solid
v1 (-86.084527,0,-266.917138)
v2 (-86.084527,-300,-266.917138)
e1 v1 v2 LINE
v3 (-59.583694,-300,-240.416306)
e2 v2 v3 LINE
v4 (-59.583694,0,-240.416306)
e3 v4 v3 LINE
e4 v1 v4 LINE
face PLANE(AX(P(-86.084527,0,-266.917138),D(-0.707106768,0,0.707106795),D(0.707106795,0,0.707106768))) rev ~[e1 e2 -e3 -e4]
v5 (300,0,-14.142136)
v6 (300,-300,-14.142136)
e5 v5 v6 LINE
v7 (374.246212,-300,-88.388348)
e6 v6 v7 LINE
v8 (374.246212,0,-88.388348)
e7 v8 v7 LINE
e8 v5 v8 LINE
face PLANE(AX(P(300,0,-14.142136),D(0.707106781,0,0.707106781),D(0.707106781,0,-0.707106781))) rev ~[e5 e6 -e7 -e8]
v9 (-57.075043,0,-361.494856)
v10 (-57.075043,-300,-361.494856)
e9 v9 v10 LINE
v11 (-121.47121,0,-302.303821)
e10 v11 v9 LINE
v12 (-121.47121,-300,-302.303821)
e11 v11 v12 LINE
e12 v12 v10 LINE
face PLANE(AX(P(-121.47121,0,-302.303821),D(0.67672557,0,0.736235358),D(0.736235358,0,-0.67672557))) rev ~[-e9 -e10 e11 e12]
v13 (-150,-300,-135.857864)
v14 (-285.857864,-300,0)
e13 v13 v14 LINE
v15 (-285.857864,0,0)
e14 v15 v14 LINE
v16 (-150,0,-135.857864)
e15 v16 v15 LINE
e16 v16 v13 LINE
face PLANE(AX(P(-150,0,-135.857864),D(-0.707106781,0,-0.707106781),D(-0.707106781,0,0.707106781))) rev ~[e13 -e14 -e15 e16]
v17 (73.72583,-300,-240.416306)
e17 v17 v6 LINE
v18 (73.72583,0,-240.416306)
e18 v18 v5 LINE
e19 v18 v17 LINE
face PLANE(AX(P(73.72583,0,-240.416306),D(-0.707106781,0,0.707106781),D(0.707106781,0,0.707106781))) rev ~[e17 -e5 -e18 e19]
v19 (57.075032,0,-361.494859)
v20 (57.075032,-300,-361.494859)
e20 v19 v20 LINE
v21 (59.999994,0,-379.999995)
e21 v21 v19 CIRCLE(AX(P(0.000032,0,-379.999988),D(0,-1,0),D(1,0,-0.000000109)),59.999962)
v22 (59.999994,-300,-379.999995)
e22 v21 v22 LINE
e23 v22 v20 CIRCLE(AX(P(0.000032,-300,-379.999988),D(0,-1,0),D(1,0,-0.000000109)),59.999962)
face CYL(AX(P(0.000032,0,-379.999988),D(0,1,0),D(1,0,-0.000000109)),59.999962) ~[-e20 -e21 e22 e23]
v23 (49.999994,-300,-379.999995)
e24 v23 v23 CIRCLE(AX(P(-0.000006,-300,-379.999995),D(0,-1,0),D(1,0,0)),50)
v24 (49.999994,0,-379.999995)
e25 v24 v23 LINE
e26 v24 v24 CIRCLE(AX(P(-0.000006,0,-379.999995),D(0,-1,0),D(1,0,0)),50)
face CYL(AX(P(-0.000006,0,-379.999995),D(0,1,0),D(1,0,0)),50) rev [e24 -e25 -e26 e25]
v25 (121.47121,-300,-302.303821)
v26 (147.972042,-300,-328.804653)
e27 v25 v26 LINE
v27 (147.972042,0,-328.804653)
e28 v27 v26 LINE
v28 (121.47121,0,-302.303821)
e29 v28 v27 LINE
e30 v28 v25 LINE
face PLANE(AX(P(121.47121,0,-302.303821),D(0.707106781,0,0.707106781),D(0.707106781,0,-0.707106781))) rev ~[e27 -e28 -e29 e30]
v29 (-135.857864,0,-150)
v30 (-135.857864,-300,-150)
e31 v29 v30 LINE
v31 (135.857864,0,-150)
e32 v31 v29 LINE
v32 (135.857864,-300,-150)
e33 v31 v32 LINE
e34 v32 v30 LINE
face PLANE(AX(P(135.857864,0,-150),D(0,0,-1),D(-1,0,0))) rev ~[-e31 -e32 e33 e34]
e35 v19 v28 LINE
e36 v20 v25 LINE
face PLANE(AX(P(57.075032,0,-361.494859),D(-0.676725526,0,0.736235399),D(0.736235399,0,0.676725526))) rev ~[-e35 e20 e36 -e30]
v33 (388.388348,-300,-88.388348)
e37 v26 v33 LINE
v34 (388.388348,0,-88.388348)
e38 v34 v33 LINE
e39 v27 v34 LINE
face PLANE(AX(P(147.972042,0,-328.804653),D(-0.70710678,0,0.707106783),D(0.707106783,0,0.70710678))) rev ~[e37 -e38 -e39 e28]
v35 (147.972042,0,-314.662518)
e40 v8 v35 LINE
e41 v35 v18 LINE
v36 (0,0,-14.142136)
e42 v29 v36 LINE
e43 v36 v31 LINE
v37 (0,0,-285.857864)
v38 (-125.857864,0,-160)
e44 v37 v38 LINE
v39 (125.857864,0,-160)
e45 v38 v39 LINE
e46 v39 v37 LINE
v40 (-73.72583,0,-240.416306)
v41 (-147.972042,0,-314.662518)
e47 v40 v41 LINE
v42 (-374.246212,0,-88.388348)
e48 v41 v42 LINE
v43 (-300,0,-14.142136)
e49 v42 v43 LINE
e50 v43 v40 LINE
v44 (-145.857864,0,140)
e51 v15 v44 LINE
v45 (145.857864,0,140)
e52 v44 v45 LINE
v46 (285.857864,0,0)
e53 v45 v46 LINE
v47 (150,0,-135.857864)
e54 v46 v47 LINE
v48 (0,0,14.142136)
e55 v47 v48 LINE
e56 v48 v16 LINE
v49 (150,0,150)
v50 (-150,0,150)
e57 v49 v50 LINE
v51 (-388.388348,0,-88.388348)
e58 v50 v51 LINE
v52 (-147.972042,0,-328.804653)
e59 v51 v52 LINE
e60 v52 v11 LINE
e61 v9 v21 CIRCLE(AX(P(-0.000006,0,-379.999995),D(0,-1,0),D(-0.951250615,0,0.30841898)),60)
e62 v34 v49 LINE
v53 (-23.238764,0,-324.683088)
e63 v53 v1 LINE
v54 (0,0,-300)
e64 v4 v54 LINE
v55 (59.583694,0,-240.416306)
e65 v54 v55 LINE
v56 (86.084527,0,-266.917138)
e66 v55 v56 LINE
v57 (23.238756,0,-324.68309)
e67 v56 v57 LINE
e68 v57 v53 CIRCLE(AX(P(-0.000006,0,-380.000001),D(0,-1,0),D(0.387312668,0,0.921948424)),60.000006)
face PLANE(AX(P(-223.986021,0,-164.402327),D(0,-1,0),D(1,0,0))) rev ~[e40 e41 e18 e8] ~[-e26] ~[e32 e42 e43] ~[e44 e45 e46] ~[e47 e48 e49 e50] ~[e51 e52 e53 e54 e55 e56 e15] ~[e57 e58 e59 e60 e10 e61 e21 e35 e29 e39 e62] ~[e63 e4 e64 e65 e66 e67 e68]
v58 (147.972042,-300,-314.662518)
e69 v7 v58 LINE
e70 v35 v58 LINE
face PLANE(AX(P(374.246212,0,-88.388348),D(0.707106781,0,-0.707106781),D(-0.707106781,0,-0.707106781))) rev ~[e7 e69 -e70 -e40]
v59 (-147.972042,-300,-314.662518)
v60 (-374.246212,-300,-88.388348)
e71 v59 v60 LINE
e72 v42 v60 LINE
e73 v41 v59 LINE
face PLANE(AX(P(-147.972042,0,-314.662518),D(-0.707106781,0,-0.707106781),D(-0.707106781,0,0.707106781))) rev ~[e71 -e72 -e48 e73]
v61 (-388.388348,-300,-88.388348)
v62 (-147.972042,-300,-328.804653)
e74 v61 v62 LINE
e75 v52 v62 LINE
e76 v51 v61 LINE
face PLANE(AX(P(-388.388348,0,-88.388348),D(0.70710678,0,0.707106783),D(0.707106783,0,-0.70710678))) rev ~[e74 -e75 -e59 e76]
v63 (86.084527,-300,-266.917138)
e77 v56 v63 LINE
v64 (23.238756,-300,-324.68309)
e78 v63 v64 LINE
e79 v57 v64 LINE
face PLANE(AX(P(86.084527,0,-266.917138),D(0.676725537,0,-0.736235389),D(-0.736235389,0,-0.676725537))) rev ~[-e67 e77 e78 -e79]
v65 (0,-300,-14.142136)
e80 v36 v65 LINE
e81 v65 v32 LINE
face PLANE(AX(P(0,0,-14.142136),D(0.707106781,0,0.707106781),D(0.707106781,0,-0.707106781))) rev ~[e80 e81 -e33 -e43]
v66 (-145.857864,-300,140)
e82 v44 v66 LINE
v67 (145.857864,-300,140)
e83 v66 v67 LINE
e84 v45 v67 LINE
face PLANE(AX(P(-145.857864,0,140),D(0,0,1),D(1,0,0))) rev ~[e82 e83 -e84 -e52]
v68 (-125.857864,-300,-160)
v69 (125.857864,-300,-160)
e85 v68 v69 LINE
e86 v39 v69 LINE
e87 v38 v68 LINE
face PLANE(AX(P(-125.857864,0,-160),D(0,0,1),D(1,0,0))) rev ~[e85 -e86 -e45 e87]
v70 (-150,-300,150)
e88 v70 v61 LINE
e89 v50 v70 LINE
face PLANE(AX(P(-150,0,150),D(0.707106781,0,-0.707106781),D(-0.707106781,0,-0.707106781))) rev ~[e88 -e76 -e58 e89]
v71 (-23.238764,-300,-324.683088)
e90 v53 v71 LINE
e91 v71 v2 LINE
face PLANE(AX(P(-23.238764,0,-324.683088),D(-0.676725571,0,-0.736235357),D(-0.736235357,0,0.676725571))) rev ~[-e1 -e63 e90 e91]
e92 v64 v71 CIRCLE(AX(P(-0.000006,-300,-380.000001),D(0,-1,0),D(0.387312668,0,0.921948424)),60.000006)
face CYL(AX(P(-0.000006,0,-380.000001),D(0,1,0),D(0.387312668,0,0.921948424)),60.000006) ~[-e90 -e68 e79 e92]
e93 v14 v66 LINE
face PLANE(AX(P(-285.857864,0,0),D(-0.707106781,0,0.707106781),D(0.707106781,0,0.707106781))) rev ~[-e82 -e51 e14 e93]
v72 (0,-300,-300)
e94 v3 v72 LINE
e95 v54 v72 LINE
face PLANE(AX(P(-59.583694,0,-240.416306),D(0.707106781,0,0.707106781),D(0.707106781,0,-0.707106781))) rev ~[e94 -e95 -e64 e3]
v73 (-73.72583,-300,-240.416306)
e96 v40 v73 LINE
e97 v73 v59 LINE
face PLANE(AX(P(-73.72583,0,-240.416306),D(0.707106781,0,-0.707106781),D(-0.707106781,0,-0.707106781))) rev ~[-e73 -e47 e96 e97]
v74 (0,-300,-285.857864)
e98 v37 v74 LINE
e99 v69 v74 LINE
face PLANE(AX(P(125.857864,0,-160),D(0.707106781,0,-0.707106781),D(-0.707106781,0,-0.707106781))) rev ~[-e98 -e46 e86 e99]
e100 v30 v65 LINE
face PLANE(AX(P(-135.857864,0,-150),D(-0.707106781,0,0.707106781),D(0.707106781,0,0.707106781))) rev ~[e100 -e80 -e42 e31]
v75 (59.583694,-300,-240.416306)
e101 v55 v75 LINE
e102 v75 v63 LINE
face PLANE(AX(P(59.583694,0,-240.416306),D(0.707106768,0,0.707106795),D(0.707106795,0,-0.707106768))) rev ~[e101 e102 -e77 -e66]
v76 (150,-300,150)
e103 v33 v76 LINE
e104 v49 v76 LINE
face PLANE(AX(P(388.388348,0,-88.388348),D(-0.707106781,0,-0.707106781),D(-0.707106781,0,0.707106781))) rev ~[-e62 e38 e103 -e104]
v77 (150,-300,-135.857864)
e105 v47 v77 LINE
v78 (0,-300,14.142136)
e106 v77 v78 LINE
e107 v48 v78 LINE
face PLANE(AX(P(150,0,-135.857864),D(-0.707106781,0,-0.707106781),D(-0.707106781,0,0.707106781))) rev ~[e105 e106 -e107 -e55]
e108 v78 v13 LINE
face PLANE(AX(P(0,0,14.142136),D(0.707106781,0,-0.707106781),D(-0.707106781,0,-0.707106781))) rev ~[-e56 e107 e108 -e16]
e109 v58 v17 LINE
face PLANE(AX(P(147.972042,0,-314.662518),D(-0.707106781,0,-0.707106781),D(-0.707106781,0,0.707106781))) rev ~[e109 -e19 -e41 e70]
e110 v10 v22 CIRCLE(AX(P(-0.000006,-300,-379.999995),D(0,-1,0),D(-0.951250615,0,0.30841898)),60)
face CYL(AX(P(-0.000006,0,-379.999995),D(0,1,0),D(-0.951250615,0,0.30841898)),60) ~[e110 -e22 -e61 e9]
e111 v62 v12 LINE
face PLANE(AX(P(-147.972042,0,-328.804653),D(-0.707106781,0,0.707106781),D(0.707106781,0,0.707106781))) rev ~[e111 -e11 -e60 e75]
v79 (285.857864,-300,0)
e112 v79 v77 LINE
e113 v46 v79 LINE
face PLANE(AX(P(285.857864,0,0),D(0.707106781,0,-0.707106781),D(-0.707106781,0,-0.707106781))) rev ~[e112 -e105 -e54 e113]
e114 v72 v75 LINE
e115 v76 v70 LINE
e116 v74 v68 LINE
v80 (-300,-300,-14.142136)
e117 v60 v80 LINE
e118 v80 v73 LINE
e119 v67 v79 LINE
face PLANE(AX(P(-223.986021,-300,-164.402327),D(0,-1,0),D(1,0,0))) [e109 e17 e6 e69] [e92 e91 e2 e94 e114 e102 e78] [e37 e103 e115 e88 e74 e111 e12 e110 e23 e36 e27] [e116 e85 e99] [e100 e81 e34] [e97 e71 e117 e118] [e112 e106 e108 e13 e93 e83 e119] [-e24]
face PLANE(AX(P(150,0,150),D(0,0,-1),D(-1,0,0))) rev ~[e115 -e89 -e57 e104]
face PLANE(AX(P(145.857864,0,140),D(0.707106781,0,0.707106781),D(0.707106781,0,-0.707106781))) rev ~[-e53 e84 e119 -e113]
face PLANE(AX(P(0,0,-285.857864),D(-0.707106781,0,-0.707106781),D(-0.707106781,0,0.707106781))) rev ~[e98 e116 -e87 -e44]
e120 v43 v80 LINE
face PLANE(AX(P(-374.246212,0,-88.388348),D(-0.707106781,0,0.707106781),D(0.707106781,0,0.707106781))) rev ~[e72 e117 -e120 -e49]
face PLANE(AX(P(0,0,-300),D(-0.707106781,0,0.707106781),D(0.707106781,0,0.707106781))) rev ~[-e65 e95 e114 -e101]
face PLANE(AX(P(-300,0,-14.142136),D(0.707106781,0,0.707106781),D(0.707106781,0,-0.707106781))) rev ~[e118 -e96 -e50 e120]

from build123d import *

# Parameters (mm, degrees)
F0_R     = 50
F1_DEPTH = 300


with BuildPart() as f1:
    # F0 (on Front) → F1 (new body)
    with BuildSketch(Plane.XZ):
        Polygon((-150, -150), (-300, 0), (-388.388348, -88.388348), (-147.972042, -328.804653), (-121.47121, -302.303821), (-86.084527, -266.917138), (-59.583694, -240.416306), align=None)
        Polygon((-374.246212, -88.388348), (-300, -14.142136), (-73.72583, -240.416306), (-147.972042, -314.662518), align=None, mode=Mode.SUBTRACT)
        Polygon((-150, 150), (-300, 0), (-150, -150), (0, 0), (150, -150), (225.000005, -74.999995), (300, 0), (150, 150), align=None)
        Polygon((0, 14.142136), (-150, -135.857864), (-285.857864, 0), (-145.857864, 140), (145.857864, 140), (285.857864, 0), (217.928937, -67.928927), (150, -135.857864), align=None, mode=Mode.SUBTRACT)
        Polygon((388.388348, -88.388348), (300, 0), (225.000005, -74.999995), (150, -150), (59.583694, -240.416306), (86.084527, -266.917138), (121.47121, -302.303821), (147.972042, -328.804653), align=None)
        Polygon((147.972042, -314.662518), (73.72583, -240.416306), (300, -14.142136), (374.246212, -88.388348), align=None, mode=Mode.SUBTRACT)
        with BuildLine():
            Line((-86.084527, -266.917138), (-121.47121, -302.303821))
            Line((-121.47121, -302.303821), (-57.075043, -361.494856))
            ThreePointArc((-57.075043, -361.494856), (-44.174127, -339.39646), (-23.238764, -324.683088))
            Line((-23.238764, -324.683088), (-86.084527, -266.917138))
        make_face()
        with BuildLine():
            ThreePointArc((-23.238764, -324.683088), (-44.174127, -339.39646), (-57.075043, -361.494856))
            ThreePointArc((-57.075043, -361.494856), (-9.367444, -439.264243), (59.999994, -379.999995))
            ThreePointArc((59.999994, -379.999995), (59.264243, -370.632559), (57.075032, -361.494859))
            ThreePointArc((57.075032, -361.494859), (44.174118, -339.396463), (23.238756, -324.68309))
            ThreePointArc((23.238756, -324.68309), (-4e-06, -319.999995), (-23.238764, -324.683088))
        make_face()
        with Locations((-6e-06, -379.999995)):
            Circle(F0_R, mode=Mode.SUBTRACT)
        with BuildLine():
            Line((121.47121, -302.303821), (86.084527, -266.917138))
            Line((86.084527, -266.917138), (23.238756, -324.68309))
            ThreePointArc((23.238756, -324.68309), (44.174118, -339.396463), (57.075032, -361.494859))
            Line((57.075032, -361.494859), (121.47121, -302.303821))
        make_face()
        Polygon((0, 0), (-150, -150), (-59.583694, -240.416306), (0, -300), (59.583694, -240.416306), (150, -150), align=None)
        Polygon((125.857864, -160), (0, -285.857864), (-125.857864, -160), (-135.857864, -150), (-67.928932, -82.071068), (0, -14.142136), (67.928932, -82.071068), (135.857864, -150), align=None, mode=Mode.SUBTRACT)
        Polygon((-135.857864, -150), (-125.857864, -160), (125.857864, -160), (135.857864, -150), align=None)
    extrude(amount=F1_DEPTH)


solid = f1.part
